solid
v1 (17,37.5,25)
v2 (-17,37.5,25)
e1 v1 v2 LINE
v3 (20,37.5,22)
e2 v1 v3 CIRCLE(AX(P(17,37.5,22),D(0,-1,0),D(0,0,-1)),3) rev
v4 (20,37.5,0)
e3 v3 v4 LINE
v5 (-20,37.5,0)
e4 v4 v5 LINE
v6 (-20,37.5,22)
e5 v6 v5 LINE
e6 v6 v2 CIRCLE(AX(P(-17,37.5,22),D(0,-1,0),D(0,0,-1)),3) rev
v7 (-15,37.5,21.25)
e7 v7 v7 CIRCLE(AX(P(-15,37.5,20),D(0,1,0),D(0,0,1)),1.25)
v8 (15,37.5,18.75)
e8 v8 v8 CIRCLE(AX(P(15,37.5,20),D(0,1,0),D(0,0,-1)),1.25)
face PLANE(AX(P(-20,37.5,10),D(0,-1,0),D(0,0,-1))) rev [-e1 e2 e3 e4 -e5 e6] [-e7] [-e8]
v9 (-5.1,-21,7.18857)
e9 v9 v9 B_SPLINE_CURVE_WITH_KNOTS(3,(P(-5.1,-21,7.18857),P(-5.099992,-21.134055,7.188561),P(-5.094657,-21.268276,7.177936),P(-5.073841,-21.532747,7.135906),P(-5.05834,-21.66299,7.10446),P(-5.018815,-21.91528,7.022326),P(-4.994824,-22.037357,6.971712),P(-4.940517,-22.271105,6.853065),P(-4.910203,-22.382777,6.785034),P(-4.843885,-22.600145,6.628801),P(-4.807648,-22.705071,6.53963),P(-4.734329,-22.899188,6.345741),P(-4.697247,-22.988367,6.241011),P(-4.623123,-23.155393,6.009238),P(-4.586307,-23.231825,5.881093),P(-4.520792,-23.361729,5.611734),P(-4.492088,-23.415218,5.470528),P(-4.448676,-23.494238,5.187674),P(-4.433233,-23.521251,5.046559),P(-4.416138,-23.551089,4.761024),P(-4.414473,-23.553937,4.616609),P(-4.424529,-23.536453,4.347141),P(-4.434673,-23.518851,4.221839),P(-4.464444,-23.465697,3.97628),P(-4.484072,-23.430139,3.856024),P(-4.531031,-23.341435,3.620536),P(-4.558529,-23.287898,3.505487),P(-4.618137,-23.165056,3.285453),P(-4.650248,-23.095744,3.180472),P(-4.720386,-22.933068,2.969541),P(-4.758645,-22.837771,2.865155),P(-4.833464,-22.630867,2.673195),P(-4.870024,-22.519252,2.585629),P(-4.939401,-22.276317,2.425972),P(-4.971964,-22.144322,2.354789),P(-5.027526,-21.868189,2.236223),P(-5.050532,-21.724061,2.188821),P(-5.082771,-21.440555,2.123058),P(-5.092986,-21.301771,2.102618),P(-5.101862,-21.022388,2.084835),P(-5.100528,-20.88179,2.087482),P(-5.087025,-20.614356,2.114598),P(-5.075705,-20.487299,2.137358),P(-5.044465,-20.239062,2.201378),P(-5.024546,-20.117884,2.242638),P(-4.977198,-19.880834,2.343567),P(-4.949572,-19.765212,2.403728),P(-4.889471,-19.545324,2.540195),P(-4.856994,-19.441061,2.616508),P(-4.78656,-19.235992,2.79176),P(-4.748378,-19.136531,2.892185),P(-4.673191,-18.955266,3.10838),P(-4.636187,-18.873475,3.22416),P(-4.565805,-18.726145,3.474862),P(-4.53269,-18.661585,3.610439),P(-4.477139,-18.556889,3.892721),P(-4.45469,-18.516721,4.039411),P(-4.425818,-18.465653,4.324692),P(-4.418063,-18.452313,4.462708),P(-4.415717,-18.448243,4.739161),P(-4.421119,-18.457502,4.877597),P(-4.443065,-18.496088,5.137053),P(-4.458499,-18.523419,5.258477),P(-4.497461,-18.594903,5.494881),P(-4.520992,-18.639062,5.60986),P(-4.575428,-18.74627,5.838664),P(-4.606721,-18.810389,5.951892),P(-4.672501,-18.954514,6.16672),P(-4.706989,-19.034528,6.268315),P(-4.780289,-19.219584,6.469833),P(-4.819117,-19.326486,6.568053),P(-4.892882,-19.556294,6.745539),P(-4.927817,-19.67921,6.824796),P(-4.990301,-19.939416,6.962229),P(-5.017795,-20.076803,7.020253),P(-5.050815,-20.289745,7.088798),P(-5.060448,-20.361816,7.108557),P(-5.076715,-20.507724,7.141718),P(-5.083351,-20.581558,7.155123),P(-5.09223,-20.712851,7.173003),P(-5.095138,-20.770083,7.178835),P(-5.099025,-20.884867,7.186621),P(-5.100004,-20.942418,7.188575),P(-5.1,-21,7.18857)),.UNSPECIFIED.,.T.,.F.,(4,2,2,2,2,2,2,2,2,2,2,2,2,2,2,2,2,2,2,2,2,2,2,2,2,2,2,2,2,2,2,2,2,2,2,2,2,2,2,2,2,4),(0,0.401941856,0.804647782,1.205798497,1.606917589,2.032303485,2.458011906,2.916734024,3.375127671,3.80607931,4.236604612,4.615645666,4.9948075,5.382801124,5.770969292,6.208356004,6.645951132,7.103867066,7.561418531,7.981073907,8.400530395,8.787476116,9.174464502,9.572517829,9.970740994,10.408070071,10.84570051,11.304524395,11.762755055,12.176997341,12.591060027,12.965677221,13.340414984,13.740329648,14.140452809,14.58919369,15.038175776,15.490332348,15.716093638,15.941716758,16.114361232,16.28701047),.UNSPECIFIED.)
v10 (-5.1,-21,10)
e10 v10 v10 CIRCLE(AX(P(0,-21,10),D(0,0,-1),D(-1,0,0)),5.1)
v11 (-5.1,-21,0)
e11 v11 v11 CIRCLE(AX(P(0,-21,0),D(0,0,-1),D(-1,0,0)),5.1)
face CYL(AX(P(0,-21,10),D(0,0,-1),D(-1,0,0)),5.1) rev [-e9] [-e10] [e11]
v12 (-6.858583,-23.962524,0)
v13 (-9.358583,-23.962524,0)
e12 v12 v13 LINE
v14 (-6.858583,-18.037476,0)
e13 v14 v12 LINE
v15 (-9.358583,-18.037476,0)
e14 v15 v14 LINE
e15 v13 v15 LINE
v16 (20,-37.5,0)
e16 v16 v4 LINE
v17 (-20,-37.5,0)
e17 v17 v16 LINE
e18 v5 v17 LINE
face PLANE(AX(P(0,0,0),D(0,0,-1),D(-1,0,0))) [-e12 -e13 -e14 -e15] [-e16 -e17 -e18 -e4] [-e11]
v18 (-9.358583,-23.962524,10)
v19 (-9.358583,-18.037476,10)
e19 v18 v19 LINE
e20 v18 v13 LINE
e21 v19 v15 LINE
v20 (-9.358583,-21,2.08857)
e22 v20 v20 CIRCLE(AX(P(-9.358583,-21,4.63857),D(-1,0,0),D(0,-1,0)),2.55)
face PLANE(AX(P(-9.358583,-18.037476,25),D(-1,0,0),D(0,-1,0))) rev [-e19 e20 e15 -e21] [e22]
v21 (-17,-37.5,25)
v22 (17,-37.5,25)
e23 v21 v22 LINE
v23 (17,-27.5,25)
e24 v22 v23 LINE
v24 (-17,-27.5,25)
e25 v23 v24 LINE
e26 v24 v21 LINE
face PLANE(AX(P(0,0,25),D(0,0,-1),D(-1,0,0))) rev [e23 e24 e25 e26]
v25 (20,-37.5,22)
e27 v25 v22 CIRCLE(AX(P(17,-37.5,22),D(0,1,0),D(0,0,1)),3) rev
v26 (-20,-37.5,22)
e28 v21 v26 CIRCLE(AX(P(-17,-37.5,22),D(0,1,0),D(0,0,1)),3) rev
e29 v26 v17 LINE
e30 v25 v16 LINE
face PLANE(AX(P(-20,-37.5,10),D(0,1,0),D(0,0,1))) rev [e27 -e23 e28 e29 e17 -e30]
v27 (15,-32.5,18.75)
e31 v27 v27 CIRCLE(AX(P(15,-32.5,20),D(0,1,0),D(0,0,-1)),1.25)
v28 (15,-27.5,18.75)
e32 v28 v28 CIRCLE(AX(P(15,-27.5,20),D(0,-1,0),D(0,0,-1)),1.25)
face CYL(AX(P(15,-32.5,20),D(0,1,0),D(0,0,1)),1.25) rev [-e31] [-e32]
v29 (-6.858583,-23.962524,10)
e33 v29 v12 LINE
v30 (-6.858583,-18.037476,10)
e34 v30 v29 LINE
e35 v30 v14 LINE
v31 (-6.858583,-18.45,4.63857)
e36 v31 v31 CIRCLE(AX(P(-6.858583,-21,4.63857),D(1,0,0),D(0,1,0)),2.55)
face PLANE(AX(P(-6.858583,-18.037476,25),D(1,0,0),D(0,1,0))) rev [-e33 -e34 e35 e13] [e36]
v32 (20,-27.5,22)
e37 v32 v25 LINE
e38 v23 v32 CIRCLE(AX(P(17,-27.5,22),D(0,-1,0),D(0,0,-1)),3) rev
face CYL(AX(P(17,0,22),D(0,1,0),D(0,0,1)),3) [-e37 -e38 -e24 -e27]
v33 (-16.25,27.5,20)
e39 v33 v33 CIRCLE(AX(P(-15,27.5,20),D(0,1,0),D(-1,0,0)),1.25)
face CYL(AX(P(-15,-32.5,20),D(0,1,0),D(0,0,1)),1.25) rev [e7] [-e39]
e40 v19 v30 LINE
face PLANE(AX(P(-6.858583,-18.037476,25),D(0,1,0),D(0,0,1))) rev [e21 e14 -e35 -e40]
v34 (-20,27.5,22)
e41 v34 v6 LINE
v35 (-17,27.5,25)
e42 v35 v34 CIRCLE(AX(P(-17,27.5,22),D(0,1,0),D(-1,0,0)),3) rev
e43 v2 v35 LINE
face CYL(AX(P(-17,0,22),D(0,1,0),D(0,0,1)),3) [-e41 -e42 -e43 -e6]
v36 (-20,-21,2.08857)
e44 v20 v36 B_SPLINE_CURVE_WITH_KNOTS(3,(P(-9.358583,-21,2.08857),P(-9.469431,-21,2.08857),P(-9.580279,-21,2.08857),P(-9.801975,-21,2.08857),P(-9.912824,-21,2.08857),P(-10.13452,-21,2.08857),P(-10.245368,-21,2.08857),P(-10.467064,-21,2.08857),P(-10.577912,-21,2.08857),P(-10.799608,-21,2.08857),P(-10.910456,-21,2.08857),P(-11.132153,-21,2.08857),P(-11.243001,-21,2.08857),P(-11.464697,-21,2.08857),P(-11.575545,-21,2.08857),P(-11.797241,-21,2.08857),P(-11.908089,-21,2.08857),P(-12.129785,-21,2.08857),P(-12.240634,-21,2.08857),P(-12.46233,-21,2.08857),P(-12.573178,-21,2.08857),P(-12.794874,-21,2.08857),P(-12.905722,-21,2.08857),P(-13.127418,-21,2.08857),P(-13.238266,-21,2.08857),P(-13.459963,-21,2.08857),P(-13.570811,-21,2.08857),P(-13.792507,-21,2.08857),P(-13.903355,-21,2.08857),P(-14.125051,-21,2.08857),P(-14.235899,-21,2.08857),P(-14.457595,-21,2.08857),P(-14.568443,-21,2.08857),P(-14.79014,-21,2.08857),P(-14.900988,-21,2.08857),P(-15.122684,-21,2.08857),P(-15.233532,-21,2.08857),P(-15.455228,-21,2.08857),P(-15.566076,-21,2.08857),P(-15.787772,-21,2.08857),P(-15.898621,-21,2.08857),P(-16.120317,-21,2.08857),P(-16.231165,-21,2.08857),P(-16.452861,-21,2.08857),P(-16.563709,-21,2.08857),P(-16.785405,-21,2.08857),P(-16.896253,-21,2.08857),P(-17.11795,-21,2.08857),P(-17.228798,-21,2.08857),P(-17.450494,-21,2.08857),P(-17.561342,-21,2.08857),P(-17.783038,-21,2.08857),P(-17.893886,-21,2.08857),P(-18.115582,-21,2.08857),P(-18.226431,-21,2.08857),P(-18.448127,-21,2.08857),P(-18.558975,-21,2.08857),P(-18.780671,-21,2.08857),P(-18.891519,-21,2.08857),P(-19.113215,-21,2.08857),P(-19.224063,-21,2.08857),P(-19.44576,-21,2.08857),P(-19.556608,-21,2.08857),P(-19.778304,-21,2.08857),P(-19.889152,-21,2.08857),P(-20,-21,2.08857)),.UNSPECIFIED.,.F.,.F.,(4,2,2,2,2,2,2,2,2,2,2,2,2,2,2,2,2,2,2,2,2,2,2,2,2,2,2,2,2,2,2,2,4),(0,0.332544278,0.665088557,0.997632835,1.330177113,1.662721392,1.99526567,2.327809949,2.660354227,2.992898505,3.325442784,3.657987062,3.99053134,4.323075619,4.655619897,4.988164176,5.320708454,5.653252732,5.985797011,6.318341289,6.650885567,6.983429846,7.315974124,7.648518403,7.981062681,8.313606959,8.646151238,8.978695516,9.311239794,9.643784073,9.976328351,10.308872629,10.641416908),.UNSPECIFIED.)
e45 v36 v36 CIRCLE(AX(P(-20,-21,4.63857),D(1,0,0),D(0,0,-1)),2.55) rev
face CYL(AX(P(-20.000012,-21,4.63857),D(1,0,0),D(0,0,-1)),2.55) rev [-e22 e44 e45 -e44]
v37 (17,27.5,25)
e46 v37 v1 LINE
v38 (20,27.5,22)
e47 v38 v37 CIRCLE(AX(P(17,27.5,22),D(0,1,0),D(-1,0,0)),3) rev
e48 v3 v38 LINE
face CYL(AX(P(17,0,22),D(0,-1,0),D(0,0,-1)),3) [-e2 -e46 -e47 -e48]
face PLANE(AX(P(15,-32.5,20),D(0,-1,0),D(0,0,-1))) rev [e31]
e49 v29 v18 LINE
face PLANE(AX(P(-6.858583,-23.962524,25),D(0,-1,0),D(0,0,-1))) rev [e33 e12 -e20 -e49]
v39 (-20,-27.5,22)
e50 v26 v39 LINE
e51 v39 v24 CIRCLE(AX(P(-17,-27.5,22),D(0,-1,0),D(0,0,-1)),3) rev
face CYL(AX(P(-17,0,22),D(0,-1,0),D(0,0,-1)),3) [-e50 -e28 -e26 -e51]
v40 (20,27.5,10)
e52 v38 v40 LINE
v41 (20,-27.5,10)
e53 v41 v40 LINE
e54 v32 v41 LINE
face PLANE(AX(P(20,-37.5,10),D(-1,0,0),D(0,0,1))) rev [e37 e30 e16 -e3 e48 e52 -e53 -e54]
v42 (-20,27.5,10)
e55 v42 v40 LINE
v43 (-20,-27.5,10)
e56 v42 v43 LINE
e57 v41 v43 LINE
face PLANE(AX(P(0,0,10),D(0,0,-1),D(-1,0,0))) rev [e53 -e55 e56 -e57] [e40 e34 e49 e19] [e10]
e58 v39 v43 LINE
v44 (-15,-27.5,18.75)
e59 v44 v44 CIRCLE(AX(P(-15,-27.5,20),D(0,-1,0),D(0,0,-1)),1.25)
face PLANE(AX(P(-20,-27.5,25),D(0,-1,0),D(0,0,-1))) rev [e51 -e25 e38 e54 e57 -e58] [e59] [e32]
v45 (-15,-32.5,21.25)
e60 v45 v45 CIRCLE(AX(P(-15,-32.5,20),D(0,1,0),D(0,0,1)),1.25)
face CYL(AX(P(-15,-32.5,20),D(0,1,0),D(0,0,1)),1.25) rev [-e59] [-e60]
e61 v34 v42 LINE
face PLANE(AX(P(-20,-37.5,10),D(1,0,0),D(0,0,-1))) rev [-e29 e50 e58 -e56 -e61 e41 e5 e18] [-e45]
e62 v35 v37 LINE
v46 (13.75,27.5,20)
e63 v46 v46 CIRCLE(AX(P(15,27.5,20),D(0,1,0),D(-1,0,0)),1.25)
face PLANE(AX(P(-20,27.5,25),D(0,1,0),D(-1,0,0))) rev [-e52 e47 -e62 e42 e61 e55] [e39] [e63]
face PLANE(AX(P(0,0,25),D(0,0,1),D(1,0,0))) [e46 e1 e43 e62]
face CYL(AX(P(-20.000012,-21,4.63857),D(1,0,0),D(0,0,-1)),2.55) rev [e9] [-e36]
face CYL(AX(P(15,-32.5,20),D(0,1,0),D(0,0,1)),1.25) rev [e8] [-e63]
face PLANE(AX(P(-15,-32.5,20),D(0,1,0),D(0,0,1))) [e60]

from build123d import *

# Parameters (mm, degrees)
SKETCH1_W                           = 40
SKETCH1_H                           = 75
BOSS_EXTRUDE1_DEPTH                 = 10
SKETCH2_W                           = 40
SKETCH2_H                           = 10
BOSS_EXTRUDE2_DEPTH                 = 15
SKETCH3_R                           = 1.25
CUT_EXTRUDE1_DEPTH                  = 70
FILLET1_R                           = 3
FILLET2_R                           = 3
SKETCH4_R                           = 5.1
CUT_EXTRUDE2_DEPTH                  = 10
ENL_V_MAT_EXTRU_1_REACH             = 62.26
ENL_V_MAT_EXTRU_1_END_RADIUS        = 5.1
ESQUISSE1_R                         = 2.55
ENL_V_MAT_EXTRU_1_DIRECTION_2_DEPTH = 61.259853966
ESQUISSE2_W                         = 2.5
ESQUISSE2_H                         = 5.92504729
ENL_V_MAT_EXTRU_2_DEPTH             = 50.307707349


with BuildPart() as part:
    # Sketch1 → Boss-Extrude1 (new body)
    with BuildSketch(Plane.XY):
        Rectangle(SKETCH1_W, SKETCH1_H)
    extrude(amount=BOSS_EXTRUDE1_DEPTH)

    # Sketch2 → Boss-Extrude2 (add)
    with BuildSketch(Plane.XY.offset(10)):
        with Locations((0, 32.5)):
            Rectangle(SKETCH2_W, SKETCH2_H)
        with Locations((0, -32.5)):
            Rectangle(SKETCH2_W, SKETCH2_H)
    extrude(amount=BOSS_EXTRUDE2_DEPTH)

    # Sketch3 → Cut-Extrude1 (cut)
    with BuildSketch(Plane(origin=(0, 37.5, 0), x_dir=(1, 0, 0), z_dir=(0, 1, 0))):
        with Locations(Location((-15, -20, 0), (0, 0, 270))):
            Circle(SKETCH3_R)
        with Locations(Location((15, -20, 0), (0, 0, 90))):
            Circle(SKETCH3_R)
    extrude(amount=-CUT_EXTRUDE1_DEPTH, mode=Mode.SUBTRACT)

    # Fillet1
    fillet1_edges = [part.edges().sort_by_distance(p)[0] for p in [
        (-20, 32.5, 25),
        (20, 32.5, 25),
    ]]
    fillet(fillet1_edges, radius=FILLET1_R)

    # Fillet2
    fillet2_edges = [part.edges().sort_by_distance(p)[0] for p in [
        (-20, -32.5, 25),
        (20, -32.5, 25),
    ]]
    fillet(fillet2_edges, radius=FILLET2_R)

    # Sketch4 → Cut-Extrude2 (cut)
    with BuildSketch(Plane(origin=(0, 0, 0), x_dir=(-1, 0, 0), z_dir=(0, 0, -1))):
        with Locations((0, -21)):
            Circle(SKETCH4_R)
    extrude(amount=-CUT_EXTRUDE2_DEPTH, mode=Mode.SUBTRACT)

    # Enlèv. mat.-Extru.1: up to this cylinder (the profile starts outside it)
    enl_v_mat_extru_1_end = Plane(origin=(0, -21, 4.63857), z_dir=(0, 0, -1)) * Cylinder(ENL_V_MAT_EXTRU_1_END_RADIUS, 135.72, mode=Mode.PRIVATE)
    # Esquisse1 → Enlèv. mat.-Extru.1 (cut, up to the surface)
    with BuildSketch(Plane.ZY.offset(20), mode=Mode.PRIVATE) as enl_v_mat_extru_1_sk1:
        with Locations(Location((4.63857049, -21, 0), (0, 0, 180))):
            Circle(ESQUISSE1_R)
    enl_v_mat_extru_1_tool1 = extrude(enl_v_mat_extru_1_sk1.sketch, amount=-ENL_V_MAT_EXTRU_1_REACH, mode=Mode.PRIVATE) - enl_v_mat_extru_1_end
    add(enl_v_mat_extru_1_tool1.solids().sort_by_distance((-20, -21, 4.63857))[0], mode=Mode.SUBTRACT)

    # Esquisse1 → Enlèv. mat.-Extru.1 direction 2 (cut)
    with BuildSketch(Plane.ZY.offset(20)):
        with Locations(Location((4.63857049, -21, 0), (0, 0, 180))):
            Circle(ESQUISSE1_R)
    extrude(amount=ENL_V_MAT_EXTRU_1_DIRECTION_2_DEPTH, mode=Mode.SUBTRACT)

    # Esquisse2 → Enlèv. mat.-Extru.2 (cut, through all)
    with BuildSketch(Plane(origin=(0, 0, 0), x_dir=(-1, 0, 0), z_dir=(0, 0, -1))):
        with Locations((8.108583092, -21)):
            Rectangle(ESQUISSE2_W, ESQUISSE2_H)
    extrude(amount=-ENL_V_MAT_EXTRU_2_DEPTH, mode=Mode.SUBTRACT)


solid = part.part
